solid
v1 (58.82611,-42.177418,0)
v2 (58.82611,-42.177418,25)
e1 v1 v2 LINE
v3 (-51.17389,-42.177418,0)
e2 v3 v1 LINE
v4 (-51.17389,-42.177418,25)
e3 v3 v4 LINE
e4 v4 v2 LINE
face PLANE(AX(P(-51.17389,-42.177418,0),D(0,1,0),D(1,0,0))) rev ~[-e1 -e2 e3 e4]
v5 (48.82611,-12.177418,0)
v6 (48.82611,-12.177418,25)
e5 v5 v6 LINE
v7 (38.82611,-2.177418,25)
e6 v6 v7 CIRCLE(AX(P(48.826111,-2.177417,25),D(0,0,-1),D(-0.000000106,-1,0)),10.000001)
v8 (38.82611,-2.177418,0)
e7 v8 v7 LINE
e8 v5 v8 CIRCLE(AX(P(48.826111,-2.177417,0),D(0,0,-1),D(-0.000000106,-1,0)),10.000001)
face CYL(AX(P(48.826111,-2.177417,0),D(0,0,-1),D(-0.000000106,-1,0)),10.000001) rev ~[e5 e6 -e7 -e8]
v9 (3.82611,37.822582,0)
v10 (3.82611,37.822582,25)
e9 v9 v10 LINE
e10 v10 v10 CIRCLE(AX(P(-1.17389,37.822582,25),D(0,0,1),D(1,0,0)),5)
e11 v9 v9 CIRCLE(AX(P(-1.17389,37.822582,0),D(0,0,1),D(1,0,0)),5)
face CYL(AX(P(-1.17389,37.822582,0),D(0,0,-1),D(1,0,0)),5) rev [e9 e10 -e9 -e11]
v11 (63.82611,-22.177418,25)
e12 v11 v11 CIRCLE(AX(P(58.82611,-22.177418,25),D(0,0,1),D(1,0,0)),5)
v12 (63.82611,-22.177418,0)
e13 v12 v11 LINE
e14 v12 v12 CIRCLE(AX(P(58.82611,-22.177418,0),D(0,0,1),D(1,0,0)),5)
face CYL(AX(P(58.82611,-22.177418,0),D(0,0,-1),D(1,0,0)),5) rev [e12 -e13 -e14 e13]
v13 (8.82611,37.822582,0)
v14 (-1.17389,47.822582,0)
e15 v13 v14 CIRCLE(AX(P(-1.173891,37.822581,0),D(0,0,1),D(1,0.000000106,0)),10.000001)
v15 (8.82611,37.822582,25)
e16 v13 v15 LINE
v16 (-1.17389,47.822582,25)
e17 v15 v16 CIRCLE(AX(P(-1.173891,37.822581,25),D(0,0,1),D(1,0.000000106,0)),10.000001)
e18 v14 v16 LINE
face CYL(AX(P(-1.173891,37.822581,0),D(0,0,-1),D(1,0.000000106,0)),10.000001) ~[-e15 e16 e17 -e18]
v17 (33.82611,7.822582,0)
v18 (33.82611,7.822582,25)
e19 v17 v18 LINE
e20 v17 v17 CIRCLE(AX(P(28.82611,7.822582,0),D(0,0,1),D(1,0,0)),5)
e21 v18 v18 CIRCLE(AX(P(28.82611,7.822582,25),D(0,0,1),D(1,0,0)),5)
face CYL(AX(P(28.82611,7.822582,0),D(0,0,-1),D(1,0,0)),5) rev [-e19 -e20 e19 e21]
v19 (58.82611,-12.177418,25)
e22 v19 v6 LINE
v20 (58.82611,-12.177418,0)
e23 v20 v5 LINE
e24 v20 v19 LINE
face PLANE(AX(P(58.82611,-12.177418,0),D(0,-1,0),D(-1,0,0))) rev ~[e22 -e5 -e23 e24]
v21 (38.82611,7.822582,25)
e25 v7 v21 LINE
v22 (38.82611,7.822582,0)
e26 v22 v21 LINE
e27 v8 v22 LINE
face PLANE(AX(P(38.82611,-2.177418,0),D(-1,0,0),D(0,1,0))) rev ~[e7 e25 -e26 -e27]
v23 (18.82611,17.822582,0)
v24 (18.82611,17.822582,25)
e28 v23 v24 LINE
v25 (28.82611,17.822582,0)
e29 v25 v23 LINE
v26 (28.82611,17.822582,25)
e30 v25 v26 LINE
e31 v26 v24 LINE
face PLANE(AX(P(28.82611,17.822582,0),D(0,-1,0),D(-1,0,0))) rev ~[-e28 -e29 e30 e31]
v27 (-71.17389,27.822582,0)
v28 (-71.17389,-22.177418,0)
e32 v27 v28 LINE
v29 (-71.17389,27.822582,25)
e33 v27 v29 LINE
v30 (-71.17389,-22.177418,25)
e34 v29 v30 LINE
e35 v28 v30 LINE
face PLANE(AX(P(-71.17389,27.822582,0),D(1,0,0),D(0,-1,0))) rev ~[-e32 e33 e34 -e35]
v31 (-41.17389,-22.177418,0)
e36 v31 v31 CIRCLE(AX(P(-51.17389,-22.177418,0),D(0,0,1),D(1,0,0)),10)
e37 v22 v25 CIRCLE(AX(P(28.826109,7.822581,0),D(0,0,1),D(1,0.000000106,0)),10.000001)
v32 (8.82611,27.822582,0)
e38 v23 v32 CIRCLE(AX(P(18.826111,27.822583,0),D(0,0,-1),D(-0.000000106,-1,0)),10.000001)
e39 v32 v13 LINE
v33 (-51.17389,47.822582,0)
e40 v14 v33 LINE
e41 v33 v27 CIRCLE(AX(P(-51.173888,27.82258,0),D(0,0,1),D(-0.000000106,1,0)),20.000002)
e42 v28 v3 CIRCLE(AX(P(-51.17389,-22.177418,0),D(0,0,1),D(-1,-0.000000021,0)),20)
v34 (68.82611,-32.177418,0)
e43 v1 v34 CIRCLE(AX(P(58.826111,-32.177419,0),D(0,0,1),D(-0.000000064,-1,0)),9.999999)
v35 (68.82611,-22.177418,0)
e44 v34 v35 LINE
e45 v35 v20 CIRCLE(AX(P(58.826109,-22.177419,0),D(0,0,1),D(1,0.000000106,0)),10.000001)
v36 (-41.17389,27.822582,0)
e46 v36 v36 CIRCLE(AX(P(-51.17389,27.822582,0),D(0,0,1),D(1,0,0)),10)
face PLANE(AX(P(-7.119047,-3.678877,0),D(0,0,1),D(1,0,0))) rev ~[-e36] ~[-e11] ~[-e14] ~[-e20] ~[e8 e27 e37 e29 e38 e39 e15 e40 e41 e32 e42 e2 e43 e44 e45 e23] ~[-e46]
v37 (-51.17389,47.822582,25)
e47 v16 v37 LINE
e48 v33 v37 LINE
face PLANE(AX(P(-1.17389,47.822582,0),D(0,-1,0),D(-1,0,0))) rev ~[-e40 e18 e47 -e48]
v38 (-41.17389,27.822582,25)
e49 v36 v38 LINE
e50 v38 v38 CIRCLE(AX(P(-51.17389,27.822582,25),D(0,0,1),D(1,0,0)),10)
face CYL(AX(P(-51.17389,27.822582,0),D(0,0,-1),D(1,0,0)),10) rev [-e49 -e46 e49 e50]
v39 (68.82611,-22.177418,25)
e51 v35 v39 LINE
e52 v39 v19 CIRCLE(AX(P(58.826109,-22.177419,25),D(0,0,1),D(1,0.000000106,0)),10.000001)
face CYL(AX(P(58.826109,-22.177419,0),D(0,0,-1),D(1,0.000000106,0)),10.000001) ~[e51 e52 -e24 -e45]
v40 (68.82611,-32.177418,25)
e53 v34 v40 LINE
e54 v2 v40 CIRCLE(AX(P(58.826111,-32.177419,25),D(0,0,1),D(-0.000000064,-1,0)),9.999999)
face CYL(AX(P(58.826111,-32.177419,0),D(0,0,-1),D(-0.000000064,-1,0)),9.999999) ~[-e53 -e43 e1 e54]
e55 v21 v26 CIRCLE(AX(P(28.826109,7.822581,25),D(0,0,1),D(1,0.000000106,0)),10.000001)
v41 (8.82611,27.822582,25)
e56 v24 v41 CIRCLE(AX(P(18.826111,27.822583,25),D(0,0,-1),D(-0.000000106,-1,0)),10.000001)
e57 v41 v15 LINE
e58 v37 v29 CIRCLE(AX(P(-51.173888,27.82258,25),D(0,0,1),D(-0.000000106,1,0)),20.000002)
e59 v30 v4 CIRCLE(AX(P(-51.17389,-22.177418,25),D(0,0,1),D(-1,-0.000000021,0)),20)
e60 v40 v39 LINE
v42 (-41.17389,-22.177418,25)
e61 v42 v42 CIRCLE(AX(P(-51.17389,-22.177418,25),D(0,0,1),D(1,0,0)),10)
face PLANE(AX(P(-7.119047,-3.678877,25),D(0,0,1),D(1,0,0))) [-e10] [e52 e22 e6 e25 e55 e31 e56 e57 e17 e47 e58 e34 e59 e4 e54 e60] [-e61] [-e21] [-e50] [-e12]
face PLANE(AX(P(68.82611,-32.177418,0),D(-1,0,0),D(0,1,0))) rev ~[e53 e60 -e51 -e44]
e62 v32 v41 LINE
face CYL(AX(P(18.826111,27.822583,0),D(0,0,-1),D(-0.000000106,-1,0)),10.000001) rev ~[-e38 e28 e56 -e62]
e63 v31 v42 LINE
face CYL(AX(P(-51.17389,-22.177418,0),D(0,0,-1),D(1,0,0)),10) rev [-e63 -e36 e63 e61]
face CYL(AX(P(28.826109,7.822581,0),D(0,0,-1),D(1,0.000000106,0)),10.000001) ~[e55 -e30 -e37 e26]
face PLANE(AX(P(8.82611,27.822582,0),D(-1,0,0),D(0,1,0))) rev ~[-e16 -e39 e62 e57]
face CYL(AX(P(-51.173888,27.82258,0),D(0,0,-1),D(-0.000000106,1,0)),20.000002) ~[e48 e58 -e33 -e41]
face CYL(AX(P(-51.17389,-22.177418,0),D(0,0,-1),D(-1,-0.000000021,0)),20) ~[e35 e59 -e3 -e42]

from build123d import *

# Parameters (mm, degrees)
F0_R     = 10
F0_R_2   = 5
F1_DEPTH = 25


with BuildPart() as f1:
    # F0 (on Top) → F1 (new body)
    with BuildSketch(Plane.XY):
        with BuildLine():
            ThreePointArc((-51.17389, 47.822582), (-65.316025, 41.964717), (-71.17389, 27.822582))
            Line((-71.17389, 27.822582), (-71.17389, -22.177418))
            ThreePointArc((-71.17389, -22.177418), (-65.316025, -36.319554), (-51.17389, -42.177418))
            Line((-51.17389, -42.177418), (58.82611, -42.177418))
            ThreePointArc((58.82611, -42.177418), (65.897178, -39.248486), (68.82611, -32.177418))
            Line((68.82611, -32.177418), (68.82611, -22.177418))
            ThreePointArc((68.82611, -22.177418), (65.897178, -15.106351), (58.82611, -12.177418))
            Line((58.82611, -12.177418), (48.82611, -12.177418))
            ThreePointArc((48.82611, -12.177418), (41.755043, -9.248486), (38.82611, -2.177418))
            Line((38.82611, -2.177418), (38.82611, 7.822582))
            ThreePointArc((38.82611, 7.822582), (35.897178, 14.893649), (28.82611, 17.822582))
            Line((28.82611, 17.822582), (18.82611, 17.822582))
            ThreePointArc((18.82611, 17.822582), (11.755043, 20.751514), (8.82611, 27.822582))
            Line((8.82611, 27.822582), (8.82611, 37.822582))
            ThreePointArc((8.82611, 37.822582), (5.897178, 44.893649), (-1.17389, 47.822582))
            Line((-1.17389, 47.822582), (-51.17389, 47.822582))
        make_face()
        with Locations((-51.17389, -22.177418)):
            Circle(F0_R, mode=Mode.SUBTRACT)
        with Locations((58.82611, -22.177418)):
            Circle(F0_R_2, mode=Mode.SUBTRACT)
        with Locations((-51.17389, 27.822582)):
            Circle(F0_R, mode=Mode.SUBTRACT)
        with Locations((28.82611, 7.822582)):
            Circle(F0_R_2, mode=Mode.SUBTRACT)
        with Locations((-1.17389, 37.822582)):
            Circle(F0_R_2, mode=Mode.SUBTRACT)
    extrude(amount=F1_DEPTH)


solid = f1.part
